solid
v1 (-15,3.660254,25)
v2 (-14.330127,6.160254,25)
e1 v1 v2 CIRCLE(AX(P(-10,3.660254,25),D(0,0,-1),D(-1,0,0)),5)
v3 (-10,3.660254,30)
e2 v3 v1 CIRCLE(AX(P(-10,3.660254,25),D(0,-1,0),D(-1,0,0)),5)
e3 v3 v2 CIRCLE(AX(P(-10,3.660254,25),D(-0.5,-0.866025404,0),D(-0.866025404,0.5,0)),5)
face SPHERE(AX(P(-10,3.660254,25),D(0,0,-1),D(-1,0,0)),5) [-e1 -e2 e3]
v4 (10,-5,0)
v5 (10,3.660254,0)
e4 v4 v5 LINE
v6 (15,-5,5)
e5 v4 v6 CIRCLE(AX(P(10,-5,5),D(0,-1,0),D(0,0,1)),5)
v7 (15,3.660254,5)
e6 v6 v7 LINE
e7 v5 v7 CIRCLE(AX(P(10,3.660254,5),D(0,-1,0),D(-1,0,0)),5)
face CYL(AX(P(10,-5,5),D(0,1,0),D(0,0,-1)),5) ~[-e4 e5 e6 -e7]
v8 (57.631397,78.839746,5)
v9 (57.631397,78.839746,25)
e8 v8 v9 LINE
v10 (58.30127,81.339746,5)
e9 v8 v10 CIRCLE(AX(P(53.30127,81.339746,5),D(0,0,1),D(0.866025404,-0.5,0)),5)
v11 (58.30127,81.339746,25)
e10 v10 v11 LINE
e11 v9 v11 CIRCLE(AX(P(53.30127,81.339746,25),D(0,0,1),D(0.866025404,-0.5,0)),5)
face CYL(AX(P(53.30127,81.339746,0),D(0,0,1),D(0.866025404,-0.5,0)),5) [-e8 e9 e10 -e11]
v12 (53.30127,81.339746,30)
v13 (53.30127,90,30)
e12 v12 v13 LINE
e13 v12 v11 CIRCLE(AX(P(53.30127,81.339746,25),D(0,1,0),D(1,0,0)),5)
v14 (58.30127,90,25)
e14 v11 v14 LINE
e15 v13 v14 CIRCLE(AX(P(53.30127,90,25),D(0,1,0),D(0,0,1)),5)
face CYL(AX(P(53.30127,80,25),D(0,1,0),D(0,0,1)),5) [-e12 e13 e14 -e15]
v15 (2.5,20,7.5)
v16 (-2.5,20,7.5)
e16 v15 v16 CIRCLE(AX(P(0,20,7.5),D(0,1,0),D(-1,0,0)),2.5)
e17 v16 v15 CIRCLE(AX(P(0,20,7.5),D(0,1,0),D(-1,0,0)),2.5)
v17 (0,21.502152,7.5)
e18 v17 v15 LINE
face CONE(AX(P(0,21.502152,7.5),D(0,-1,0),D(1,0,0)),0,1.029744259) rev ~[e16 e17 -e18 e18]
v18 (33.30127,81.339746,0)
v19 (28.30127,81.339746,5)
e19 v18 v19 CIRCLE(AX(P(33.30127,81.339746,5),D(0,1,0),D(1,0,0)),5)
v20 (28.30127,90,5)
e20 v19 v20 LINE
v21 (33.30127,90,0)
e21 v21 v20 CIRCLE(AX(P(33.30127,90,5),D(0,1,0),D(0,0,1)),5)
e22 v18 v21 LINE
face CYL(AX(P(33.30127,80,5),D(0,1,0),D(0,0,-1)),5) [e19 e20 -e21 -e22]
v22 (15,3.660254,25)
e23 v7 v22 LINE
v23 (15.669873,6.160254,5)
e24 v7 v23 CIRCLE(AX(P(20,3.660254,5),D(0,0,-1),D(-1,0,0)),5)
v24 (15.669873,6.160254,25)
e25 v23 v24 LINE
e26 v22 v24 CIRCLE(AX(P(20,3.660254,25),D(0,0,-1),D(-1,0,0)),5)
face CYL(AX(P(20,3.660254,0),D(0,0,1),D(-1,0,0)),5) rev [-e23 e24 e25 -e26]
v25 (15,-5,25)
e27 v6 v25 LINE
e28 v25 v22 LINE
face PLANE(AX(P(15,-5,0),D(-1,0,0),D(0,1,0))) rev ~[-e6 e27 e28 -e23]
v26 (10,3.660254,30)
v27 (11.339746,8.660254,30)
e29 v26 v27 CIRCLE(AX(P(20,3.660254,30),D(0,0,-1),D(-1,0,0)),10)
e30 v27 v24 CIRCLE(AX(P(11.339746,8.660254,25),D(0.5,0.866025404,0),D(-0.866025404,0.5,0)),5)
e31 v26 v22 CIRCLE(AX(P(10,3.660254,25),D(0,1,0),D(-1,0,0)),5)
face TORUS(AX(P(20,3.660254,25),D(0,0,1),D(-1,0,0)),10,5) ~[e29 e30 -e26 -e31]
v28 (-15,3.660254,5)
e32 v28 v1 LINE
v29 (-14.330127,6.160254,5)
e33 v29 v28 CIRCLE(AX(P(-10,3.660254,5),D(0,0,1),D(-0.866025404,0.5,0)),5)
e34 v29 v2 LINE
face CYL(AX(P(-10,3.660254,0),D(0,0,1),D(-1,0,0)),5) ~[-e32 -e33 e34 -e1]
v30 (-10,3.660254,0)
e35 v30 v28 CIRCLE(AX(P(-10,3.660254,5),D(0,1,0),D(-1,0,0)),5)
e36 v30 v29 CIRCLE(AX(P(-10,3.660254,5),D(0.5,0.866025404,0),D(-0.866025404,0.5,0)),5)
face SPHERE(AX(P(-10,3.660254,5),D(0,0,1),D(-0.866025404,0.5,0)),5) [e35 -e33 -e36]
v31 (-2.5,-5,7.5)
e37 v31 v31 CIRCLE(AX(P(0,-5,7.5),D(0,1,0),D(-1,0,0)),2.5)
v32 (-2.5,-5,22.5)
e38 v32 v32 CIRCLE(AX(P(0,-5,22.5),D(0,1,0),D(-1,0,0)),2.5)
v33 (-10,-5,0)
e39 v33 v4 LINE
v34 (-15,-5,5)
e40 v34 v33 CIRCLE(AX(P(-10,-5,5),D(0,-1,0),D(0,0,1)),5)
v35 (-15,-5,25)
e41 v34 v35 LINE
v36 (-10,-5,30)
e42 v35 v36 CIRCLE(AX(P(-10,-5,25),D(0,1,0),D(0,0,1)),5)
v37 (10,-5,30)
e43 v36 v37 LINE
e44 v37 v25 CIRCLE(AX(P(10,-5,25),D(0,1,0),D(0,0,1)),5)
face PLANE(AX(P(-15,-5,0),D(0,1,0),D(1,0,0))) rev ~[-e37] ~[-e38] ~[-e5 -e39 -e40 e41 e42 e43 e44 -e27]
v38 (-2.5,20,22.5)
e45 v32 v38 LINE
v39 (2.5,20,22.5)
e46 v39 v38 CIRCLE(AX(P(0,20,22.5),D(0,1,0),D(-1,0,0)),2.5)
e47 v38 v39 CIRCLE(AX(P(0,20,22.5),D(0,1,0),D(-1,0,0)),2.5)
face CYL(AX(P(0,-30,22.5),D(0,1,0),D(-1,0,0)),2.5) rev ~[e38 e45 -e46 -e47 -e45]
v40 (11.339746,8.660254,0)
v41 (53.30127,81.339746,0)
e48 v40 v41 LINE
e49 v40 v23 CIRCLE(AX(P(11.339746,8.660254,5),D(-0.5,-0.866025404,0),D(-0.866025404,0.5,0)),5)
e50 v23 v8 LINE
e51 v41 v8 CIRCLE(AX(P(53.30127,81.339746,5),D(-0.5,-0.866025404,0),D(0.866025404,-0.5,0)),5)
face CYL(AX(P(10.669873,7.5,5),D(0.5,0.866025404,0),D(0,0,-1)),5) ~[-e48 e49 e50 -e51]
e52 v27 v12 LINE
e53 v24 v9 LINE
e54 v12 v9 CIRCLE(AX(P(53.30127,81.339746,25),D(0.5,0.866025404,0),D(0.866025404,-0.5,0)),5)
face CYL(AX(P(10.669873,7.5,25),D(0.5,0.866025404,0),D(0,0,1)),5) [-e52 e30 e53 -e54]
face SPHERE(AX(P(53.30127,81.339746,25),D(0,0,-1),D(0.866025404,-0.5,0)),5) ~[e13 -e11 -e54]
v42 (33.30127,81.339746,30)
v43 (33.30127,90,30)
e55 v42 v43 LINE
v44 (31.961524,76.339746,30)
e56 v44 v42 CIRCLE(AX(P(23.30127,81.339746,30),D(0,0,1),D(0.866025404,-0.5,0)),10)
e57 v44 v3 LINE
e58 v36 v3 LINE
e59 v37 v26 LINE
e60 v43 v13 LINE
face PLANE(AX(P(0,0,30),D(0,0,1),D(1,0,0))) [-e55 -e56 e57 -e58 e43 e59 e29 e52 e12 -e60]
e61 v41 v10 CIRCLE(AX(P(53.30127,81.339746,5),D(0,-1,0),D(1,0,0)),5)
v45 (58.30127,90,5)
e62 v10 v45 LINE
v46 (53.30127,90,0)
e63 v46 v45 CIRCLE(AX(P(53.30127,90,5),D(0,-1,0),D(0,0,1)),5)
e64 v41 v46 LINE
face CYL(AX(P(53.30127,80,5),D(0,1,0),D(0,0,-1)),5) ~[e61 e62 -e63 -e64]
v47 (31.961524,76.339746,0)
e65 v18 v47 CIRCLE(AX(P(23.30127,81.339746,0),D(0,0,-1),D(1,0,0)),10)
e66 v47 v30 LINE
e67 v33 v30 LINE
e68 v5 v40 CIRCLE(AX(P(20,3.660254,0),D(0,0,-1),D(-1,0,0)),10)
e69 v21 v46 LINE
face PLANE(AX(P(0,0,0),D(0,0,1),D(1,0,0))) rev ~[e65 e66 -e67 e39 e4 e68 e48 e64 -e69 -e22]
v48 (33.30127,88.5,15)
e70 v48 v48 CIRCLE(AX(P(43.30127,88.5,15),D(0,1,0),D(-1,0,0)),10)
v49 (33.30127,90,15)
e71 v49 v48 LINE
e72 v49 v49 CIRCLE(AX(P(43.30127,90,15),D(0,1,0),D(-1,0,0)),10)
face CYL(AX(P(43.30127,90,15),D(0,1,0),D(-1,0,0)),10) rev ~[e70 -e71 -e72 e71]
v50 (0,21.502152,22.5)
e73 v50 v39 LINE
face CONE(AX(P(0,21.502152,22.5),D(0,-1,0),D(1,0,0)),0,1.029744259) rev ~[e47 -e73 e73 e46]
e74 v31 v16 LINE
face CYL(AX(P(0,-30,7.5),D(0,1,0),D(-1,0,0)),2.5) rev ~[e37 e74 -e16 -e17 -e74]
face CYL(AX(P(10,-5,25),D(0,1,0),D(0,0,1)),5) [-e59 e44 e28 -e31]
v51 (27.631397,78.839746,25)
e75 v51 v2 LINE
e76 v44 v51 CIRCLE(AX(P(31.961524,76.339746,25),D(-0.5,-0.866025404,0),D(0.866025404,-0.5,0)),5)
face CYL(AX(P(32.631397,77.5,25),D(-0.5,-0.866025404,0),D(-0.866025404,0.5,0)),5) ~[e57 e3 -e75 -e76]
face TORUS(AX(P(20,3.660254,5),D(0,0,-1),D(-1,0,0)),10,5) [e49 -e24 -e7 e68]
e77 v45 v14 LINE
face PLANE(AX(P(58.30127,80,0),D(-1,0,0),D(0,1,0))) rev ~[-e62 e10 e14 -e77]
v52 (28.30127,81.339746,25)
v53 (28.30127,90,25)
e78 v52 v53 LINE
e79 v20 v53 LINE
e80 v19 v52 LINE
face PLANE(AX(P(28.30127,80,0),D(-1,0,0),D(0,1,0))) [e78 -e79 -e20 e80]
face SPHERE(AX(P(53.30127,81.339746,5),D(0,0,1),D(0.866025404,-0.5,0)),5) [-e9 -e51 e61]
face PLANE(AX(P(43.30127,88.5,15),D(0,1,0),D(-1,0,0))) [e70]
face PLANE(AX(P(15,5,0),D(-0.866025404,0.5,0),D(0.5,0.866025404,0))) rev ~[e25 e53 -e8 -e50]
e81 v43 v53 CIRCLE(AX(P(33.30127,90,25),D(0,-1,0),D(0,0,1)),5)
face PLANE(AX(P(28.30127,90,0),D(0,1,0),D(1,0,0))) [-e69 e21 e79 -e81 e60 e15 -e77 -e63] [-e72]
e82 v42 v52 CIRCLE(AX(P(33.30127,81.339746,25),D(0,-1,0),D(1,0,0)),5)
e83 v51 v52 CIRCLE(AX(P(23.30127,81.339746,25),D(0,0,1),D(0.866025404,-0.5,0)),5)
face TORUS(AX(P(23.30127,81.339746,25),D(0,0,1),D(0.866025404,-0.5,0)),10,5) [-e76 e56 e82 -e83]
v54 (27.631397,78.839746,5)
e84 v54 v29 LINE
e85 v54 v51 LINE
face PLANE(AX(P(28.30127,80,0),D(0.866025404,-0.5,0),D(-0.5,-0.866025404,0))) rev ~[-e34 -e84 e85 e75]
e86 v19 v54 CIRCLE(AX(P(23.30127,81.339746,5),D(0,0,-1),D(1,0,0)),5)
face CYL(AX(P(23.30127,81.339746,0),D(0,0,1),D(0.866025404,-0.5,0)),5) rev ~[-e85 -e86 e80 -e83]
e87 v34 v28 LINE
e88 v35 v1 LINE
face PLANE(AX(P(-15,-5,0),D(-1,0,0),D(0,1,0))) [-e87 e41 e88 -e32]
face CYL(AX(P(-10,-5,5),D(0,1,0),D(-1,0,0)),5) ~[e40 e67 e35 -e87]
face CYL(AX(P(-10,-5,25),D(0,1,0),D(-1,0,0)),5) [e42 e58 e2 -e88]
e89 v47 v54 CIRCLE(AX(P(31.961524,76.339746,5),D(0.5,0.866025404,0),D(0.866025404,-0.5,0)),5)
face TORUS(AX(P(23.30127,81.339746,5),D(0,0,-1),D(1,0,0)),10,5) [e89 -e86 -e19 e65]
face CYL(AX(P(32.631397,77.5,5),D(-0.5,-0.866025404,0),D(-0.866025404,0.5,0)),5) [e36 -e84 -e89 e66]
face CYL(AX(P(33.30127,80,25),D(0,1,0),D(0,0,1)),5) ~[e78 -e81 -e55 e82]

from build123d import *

# Parameters (mm, degrees)
F0_W     = 30
F0_H     = 10
F1_DEPTH = 30
F3_D     = 5
F3_DEPTH = 25
F3_TIP   = 1.5021515476
F4_R     = 5
F5_R     = 10
F6_DEPTH = 1.5


with BuildPart() as f1:
    # F0 (on Top) → F1 (new body)
    with BuildSketch(Plane.XY):
        Rectangle(F0_W, F0_H)
        Polygon((-15, 5), (15, 5), (58.3012701892, 80), (28.3012701892, 80), align=None)
        with Locations((43.3012701892, 85)):
            Rectangle(F0_W, F0_H)
    extrude(amount=F1_DEPTH)

    # F3
    with Locations(Plane.XZ.offset(5)):
        with Locations((0, 22.5), (0, 7.5)):
            Hole(F3_D / 2, depth=F3_DEPTH)
            with Locations((0, 0, -(F3_DEPTH + F3_TIP / 2))):  # 118° drill point
                Cone(0, F3_D / 2, F3_TIP, mode=Mode.SUBTRACT)

    # F4
    f4_edges = [f1.edges().sort_by_distance(p)[0] for p in [
        (15, 0, 0),
        (36.650635, 42.5, 0),
        (15, 0, 30),
        (36.650635, 42.5, 30),
        (-15, 0, 30),
        (6.650635, 42.5, 30),
        (28.30127, 85, 30),
        (58.30127, 85, 30),
        (58.30127, 85, 0),
        (28.30127, 85, 0),
        (6.650635, 42.5, 0),
        (-15, 0, 0),
        (58.30127, 80, 15),
        (15, 5, 15),
        (-15, 5, 15),
        (28.30127, 80, 15),
    ]]
    fillet(f4_edges, radius=F4_R)

    # F5 (on face) → F6 (cut)
    with BuildSketch(Plane(origin=(0, 90, 0), x_dir=(-1, 0, 0), z_dir=(0, 1, 0))):
        with Locations((-43.3012701892, 15)):
            Circle(F5_R)
    extrude(amount=-F6_DEPTH, mode=Mode.SUBTRACT)


solid = f1.part
